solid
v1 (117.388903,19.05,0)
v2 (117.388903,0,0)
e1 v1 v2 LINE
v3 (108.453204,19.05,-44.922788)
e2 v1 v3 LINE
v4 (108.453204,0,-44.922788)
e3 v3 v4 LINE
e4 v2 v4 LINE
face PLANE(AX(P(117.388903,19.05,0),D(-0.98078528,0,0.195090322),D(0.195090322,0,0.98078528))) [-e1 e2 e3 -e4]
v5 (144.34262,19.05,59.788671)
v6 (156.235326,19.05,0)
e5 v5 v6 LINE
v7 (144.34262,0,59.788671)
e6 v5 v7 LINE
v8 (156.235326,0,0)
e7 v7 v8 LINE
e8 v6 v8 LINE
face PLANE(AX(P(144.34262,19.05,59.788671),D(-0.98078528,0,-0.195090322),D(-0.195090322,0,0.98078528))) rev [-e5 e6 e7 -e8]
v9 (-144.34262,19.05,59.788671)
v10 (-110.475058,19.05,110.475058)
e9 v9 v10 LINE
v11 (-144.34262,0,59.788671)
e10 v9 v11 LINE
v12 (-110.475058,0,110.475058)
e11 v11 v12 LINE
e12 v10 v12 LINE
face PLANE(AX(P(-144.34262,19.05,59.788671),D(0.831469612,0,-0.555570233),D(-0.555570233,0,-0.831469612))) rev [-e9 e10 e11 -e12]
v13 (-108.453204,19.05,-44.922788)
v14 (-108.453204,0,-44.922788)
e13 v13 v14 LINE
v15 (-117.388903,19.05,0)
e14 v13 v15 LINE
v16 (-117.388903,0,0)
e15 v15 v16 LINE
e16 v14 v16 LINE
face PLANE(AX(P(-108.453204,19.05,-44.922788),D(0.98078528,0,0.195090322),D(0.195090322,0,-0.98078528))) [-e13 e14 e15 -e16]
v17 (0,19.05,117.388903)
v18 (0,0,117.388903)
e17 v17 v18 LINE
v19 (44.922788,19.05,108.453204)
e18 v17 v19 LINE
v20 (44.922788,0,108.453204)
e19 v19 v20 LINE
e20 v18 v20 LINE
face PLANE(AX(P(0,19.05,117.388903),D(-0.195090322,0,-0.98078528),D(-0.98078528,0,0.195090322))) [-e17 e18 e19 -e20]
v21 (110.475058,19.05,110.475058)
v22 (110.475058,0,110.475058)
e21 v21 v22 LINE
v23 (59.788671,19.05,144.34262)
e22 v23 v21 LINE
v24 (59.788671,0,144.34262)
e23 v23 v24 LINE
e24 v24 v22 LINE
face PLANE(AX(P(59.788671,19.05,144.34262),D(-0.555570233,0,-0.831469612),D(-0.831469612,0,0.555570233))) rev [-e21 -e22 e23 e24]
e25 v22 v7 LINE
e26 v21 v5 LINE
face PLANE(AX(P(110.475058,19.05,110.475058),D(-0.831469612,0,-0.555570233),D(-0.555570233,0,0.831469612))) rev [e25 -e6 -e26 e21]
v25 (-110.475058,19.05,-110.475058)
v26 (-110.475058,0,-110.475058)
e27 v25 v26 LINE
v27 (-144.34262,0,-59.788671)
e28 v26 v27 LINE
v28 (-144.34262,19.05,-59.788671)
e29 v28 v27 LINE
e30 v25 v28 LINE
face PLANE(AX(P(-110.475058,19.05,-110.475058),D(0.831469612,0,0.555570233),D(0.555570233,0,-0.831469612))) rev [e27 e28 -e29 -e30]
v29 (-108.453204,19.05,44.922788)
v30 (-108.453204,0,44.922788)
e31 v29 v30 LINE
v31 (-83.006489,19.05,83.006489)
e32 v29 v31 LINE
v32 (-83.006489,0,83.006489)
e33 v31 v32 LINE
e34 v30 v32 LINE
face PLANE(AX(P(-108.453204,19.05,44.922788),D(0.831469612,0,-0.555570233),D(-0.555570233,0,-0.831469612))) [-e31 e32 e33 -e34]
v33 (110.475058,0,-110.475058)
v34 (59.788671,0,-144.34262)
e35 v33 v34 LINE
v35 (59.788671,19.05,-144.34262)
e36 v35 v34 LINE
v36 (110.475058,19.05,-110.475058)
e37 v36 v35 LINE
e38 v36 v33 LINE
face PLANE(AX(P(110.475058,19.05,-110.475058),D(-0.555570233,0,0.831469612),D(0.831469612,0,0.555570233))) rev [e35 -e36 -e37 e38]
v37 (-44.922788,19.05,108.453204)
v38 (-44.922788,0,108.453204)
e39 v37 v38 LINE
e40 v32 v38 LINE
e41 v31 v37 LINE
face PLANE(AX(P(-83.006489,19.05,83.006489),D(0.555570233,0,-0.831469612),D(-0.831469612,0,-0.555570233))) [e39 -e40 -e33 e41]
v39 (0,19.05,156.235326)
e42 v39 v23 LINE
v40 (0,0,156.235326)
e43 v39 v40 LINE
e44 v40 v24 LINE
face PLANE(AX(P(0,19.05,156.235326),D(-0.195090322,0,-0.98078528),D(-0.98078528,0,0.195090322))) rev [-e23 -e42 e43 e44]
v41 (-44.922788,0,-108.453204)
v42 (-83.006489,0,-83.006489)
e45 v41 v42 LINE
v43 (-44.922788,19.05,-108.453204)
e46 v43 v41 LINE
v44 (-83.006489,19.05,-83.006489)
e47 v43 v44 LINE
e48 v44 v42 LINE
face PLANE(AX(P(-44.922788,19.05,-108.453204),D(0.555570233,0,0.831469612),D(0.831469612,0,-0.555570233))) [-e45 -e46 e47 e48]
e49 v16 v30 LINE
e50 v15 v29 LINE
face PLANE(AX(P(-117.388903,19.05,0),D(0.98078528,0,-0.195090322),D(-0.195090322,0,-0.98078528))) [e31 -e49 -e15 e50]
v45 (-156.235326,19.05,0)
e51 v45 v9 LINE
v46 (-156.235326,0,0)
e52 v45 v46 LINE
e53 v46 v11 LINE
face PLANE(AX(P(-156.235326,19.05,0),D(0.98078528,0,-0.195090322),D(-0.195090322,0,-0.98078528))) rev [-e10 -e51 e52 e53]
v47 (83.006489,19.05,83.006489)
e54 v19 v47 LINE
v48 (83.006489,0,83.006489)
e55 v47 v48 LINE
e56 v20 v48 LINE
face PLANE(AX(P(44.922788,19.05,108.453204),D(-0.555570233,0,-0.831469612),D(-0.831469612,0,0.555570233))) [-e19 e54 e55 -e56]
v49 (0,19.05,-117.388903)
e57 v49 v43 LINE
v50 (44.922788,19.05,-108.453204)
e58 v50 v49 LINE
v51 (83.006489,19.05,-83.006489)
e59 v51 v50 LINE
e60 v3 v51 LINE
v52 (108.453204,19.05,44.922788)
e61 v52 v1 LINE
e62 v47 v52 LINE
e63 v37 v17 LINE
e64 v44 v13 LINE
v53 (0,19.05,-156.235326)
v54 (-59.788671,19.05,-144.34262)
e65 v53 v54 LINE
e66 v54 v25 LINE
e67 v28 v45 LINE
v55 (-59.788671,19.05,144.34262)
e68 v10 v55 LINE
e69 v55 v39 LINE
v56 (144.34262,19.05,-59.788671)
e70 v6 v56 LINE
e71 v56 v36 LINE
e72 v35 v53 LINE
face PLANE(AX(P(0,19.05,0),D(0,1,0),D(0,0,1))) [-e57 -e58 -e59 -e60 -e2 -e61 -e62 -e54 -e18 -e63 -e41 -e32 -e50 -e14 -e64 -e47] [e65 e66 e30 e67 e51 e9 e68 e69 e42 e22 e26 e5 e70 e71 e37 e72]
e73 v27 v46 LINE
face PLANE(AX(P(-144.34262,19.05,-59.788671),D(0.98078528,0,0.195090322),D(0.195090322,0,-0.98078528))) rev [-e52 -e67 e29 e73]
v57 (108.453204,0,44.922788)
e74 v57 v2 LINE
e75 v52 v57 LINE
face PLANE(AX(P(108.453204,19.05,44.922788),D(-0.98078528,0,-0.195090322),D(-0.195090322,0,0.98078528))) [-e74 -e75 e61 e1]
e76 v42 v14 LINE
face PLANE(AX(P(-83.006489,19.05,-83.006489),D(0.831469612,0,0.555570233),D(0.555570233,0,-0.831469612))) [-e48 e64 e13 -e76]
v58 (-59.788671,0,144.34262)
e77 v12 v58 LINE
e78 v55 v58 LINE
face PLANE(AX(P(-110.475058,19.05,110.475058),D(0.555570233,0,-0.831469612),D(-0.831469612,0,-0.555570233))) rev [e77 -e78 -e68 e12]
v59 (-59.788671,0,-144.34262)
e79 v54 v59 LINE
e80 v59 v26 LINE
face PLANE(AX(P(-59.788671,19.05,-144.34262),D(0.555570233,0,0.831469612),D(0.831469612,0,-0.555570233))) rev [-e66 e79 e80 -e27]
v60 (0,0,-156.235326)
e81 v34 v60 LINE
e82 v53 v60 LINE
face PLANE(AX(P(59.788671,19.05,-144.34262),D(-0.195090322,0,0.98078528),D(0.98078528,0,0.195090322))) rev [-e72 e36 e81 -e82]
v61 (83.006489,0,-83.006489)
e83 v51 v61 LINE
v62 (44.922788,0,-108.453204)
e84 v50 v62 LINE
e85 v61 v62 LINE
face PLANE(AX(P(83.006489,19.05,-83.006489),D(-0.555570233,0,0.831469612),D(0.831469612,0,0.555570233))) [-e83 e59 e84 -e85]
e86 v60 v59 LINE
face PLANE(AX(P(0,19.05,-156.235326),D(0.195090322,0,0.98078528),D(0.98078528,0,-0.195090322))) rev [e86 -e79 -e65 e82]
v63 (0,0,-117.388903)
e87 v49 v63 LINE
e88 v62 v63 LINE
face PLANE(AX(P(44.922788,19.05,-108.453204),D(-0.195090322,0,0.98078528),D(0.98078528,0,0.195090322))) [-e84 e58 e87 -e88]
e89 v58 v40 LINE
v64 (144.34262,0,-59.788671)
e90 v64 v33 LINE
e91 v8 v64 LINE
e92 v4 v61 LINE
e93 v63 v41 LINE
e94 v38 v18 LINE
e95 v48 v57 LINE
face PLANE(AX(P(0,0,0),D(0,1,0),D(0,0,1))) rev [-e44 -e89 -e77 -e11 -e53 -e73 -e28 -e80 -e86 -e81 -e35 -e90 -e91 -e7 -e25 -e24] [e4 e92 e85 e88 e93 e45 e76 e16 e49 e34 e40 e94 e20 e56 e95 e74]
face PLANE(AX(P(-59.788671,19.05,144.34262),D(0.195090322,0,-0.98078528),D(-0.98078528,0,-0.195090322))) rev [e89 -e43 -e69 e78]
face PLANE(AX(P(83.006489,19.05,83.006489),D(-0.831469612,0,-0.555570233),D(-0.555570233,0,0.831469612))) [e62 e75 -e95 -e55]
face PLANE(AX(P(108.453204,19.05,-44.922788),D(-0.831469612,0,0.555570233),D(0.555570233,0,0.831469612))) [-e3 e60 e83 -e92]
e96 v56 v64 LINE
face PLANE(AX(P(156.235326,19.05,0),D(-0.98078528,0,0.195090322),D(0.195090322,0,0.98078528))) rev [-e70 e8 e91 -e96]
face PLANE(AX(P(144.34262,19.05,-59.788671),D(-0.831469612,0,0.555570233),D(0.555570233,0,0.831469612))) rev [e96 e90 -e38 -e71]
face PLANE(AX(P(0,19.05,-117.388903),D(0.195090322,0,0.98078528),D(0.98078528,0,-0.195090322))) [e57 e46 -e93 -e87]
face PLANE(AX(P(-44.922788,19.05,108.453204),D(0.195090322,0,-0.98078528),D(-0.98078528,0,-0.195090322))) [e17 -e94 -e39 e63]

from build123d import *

# Parameters (mm, degrees)
BOSS_EXTRUDE1_DEPTH = 19.05


with BuildPart() as part:
    # Sketch1 → Boss-Extrude1 (new body)
    with BuildSketch(Plane(origin=(0, 0, 0), x_dir=(1, 0, 0), z_dir=(0, 1, 0))):
        Polygon((156.235325694, 0), (144.342619664, 59.788670693), (110.475058259, 110.475058259), (59.788670693, 144.342619664), (0, 156.235325694), (-59.788670693, 144.342619664), (-110.475058259, 110.475058259), (-144.342619664, 59.788670693), (-156.235325694, 0), (-144.342619664, -59.788670693), (-110.475058259, -110.475058259), (-59.788670693, -144.342619664), (0, -156.235325694), (59.788670693, -144.342619664), (110.475058259, -110.475058259), (144.342619664, -59.788670693), align=None)
        Polygon((117.388902567, 0), (108.453204425, 44.922788156), (83.006489041, 83.006489041), (44.922788156, 108.453204425), (0, 117.388902567), (-44.922788156, 108.453204425), (-83.006489041, 83.006489041), (-108.453204425, 44.922788156), (-117.388902567, 0), (-108.453204425, -44.922788156), (-83.006489041, -83.006489041), (-44.922788156, -108.453204425), (0, -117.388902567), (44.922788156, -108.453204425), (83.006489041, -83.006489041), (108.453204425, -44.922788156), align=None, mode=Mode.SUBTRACT)
    extrude(amount=BOSS_EXTRUDE1_DEPTH)


solid = part.part
